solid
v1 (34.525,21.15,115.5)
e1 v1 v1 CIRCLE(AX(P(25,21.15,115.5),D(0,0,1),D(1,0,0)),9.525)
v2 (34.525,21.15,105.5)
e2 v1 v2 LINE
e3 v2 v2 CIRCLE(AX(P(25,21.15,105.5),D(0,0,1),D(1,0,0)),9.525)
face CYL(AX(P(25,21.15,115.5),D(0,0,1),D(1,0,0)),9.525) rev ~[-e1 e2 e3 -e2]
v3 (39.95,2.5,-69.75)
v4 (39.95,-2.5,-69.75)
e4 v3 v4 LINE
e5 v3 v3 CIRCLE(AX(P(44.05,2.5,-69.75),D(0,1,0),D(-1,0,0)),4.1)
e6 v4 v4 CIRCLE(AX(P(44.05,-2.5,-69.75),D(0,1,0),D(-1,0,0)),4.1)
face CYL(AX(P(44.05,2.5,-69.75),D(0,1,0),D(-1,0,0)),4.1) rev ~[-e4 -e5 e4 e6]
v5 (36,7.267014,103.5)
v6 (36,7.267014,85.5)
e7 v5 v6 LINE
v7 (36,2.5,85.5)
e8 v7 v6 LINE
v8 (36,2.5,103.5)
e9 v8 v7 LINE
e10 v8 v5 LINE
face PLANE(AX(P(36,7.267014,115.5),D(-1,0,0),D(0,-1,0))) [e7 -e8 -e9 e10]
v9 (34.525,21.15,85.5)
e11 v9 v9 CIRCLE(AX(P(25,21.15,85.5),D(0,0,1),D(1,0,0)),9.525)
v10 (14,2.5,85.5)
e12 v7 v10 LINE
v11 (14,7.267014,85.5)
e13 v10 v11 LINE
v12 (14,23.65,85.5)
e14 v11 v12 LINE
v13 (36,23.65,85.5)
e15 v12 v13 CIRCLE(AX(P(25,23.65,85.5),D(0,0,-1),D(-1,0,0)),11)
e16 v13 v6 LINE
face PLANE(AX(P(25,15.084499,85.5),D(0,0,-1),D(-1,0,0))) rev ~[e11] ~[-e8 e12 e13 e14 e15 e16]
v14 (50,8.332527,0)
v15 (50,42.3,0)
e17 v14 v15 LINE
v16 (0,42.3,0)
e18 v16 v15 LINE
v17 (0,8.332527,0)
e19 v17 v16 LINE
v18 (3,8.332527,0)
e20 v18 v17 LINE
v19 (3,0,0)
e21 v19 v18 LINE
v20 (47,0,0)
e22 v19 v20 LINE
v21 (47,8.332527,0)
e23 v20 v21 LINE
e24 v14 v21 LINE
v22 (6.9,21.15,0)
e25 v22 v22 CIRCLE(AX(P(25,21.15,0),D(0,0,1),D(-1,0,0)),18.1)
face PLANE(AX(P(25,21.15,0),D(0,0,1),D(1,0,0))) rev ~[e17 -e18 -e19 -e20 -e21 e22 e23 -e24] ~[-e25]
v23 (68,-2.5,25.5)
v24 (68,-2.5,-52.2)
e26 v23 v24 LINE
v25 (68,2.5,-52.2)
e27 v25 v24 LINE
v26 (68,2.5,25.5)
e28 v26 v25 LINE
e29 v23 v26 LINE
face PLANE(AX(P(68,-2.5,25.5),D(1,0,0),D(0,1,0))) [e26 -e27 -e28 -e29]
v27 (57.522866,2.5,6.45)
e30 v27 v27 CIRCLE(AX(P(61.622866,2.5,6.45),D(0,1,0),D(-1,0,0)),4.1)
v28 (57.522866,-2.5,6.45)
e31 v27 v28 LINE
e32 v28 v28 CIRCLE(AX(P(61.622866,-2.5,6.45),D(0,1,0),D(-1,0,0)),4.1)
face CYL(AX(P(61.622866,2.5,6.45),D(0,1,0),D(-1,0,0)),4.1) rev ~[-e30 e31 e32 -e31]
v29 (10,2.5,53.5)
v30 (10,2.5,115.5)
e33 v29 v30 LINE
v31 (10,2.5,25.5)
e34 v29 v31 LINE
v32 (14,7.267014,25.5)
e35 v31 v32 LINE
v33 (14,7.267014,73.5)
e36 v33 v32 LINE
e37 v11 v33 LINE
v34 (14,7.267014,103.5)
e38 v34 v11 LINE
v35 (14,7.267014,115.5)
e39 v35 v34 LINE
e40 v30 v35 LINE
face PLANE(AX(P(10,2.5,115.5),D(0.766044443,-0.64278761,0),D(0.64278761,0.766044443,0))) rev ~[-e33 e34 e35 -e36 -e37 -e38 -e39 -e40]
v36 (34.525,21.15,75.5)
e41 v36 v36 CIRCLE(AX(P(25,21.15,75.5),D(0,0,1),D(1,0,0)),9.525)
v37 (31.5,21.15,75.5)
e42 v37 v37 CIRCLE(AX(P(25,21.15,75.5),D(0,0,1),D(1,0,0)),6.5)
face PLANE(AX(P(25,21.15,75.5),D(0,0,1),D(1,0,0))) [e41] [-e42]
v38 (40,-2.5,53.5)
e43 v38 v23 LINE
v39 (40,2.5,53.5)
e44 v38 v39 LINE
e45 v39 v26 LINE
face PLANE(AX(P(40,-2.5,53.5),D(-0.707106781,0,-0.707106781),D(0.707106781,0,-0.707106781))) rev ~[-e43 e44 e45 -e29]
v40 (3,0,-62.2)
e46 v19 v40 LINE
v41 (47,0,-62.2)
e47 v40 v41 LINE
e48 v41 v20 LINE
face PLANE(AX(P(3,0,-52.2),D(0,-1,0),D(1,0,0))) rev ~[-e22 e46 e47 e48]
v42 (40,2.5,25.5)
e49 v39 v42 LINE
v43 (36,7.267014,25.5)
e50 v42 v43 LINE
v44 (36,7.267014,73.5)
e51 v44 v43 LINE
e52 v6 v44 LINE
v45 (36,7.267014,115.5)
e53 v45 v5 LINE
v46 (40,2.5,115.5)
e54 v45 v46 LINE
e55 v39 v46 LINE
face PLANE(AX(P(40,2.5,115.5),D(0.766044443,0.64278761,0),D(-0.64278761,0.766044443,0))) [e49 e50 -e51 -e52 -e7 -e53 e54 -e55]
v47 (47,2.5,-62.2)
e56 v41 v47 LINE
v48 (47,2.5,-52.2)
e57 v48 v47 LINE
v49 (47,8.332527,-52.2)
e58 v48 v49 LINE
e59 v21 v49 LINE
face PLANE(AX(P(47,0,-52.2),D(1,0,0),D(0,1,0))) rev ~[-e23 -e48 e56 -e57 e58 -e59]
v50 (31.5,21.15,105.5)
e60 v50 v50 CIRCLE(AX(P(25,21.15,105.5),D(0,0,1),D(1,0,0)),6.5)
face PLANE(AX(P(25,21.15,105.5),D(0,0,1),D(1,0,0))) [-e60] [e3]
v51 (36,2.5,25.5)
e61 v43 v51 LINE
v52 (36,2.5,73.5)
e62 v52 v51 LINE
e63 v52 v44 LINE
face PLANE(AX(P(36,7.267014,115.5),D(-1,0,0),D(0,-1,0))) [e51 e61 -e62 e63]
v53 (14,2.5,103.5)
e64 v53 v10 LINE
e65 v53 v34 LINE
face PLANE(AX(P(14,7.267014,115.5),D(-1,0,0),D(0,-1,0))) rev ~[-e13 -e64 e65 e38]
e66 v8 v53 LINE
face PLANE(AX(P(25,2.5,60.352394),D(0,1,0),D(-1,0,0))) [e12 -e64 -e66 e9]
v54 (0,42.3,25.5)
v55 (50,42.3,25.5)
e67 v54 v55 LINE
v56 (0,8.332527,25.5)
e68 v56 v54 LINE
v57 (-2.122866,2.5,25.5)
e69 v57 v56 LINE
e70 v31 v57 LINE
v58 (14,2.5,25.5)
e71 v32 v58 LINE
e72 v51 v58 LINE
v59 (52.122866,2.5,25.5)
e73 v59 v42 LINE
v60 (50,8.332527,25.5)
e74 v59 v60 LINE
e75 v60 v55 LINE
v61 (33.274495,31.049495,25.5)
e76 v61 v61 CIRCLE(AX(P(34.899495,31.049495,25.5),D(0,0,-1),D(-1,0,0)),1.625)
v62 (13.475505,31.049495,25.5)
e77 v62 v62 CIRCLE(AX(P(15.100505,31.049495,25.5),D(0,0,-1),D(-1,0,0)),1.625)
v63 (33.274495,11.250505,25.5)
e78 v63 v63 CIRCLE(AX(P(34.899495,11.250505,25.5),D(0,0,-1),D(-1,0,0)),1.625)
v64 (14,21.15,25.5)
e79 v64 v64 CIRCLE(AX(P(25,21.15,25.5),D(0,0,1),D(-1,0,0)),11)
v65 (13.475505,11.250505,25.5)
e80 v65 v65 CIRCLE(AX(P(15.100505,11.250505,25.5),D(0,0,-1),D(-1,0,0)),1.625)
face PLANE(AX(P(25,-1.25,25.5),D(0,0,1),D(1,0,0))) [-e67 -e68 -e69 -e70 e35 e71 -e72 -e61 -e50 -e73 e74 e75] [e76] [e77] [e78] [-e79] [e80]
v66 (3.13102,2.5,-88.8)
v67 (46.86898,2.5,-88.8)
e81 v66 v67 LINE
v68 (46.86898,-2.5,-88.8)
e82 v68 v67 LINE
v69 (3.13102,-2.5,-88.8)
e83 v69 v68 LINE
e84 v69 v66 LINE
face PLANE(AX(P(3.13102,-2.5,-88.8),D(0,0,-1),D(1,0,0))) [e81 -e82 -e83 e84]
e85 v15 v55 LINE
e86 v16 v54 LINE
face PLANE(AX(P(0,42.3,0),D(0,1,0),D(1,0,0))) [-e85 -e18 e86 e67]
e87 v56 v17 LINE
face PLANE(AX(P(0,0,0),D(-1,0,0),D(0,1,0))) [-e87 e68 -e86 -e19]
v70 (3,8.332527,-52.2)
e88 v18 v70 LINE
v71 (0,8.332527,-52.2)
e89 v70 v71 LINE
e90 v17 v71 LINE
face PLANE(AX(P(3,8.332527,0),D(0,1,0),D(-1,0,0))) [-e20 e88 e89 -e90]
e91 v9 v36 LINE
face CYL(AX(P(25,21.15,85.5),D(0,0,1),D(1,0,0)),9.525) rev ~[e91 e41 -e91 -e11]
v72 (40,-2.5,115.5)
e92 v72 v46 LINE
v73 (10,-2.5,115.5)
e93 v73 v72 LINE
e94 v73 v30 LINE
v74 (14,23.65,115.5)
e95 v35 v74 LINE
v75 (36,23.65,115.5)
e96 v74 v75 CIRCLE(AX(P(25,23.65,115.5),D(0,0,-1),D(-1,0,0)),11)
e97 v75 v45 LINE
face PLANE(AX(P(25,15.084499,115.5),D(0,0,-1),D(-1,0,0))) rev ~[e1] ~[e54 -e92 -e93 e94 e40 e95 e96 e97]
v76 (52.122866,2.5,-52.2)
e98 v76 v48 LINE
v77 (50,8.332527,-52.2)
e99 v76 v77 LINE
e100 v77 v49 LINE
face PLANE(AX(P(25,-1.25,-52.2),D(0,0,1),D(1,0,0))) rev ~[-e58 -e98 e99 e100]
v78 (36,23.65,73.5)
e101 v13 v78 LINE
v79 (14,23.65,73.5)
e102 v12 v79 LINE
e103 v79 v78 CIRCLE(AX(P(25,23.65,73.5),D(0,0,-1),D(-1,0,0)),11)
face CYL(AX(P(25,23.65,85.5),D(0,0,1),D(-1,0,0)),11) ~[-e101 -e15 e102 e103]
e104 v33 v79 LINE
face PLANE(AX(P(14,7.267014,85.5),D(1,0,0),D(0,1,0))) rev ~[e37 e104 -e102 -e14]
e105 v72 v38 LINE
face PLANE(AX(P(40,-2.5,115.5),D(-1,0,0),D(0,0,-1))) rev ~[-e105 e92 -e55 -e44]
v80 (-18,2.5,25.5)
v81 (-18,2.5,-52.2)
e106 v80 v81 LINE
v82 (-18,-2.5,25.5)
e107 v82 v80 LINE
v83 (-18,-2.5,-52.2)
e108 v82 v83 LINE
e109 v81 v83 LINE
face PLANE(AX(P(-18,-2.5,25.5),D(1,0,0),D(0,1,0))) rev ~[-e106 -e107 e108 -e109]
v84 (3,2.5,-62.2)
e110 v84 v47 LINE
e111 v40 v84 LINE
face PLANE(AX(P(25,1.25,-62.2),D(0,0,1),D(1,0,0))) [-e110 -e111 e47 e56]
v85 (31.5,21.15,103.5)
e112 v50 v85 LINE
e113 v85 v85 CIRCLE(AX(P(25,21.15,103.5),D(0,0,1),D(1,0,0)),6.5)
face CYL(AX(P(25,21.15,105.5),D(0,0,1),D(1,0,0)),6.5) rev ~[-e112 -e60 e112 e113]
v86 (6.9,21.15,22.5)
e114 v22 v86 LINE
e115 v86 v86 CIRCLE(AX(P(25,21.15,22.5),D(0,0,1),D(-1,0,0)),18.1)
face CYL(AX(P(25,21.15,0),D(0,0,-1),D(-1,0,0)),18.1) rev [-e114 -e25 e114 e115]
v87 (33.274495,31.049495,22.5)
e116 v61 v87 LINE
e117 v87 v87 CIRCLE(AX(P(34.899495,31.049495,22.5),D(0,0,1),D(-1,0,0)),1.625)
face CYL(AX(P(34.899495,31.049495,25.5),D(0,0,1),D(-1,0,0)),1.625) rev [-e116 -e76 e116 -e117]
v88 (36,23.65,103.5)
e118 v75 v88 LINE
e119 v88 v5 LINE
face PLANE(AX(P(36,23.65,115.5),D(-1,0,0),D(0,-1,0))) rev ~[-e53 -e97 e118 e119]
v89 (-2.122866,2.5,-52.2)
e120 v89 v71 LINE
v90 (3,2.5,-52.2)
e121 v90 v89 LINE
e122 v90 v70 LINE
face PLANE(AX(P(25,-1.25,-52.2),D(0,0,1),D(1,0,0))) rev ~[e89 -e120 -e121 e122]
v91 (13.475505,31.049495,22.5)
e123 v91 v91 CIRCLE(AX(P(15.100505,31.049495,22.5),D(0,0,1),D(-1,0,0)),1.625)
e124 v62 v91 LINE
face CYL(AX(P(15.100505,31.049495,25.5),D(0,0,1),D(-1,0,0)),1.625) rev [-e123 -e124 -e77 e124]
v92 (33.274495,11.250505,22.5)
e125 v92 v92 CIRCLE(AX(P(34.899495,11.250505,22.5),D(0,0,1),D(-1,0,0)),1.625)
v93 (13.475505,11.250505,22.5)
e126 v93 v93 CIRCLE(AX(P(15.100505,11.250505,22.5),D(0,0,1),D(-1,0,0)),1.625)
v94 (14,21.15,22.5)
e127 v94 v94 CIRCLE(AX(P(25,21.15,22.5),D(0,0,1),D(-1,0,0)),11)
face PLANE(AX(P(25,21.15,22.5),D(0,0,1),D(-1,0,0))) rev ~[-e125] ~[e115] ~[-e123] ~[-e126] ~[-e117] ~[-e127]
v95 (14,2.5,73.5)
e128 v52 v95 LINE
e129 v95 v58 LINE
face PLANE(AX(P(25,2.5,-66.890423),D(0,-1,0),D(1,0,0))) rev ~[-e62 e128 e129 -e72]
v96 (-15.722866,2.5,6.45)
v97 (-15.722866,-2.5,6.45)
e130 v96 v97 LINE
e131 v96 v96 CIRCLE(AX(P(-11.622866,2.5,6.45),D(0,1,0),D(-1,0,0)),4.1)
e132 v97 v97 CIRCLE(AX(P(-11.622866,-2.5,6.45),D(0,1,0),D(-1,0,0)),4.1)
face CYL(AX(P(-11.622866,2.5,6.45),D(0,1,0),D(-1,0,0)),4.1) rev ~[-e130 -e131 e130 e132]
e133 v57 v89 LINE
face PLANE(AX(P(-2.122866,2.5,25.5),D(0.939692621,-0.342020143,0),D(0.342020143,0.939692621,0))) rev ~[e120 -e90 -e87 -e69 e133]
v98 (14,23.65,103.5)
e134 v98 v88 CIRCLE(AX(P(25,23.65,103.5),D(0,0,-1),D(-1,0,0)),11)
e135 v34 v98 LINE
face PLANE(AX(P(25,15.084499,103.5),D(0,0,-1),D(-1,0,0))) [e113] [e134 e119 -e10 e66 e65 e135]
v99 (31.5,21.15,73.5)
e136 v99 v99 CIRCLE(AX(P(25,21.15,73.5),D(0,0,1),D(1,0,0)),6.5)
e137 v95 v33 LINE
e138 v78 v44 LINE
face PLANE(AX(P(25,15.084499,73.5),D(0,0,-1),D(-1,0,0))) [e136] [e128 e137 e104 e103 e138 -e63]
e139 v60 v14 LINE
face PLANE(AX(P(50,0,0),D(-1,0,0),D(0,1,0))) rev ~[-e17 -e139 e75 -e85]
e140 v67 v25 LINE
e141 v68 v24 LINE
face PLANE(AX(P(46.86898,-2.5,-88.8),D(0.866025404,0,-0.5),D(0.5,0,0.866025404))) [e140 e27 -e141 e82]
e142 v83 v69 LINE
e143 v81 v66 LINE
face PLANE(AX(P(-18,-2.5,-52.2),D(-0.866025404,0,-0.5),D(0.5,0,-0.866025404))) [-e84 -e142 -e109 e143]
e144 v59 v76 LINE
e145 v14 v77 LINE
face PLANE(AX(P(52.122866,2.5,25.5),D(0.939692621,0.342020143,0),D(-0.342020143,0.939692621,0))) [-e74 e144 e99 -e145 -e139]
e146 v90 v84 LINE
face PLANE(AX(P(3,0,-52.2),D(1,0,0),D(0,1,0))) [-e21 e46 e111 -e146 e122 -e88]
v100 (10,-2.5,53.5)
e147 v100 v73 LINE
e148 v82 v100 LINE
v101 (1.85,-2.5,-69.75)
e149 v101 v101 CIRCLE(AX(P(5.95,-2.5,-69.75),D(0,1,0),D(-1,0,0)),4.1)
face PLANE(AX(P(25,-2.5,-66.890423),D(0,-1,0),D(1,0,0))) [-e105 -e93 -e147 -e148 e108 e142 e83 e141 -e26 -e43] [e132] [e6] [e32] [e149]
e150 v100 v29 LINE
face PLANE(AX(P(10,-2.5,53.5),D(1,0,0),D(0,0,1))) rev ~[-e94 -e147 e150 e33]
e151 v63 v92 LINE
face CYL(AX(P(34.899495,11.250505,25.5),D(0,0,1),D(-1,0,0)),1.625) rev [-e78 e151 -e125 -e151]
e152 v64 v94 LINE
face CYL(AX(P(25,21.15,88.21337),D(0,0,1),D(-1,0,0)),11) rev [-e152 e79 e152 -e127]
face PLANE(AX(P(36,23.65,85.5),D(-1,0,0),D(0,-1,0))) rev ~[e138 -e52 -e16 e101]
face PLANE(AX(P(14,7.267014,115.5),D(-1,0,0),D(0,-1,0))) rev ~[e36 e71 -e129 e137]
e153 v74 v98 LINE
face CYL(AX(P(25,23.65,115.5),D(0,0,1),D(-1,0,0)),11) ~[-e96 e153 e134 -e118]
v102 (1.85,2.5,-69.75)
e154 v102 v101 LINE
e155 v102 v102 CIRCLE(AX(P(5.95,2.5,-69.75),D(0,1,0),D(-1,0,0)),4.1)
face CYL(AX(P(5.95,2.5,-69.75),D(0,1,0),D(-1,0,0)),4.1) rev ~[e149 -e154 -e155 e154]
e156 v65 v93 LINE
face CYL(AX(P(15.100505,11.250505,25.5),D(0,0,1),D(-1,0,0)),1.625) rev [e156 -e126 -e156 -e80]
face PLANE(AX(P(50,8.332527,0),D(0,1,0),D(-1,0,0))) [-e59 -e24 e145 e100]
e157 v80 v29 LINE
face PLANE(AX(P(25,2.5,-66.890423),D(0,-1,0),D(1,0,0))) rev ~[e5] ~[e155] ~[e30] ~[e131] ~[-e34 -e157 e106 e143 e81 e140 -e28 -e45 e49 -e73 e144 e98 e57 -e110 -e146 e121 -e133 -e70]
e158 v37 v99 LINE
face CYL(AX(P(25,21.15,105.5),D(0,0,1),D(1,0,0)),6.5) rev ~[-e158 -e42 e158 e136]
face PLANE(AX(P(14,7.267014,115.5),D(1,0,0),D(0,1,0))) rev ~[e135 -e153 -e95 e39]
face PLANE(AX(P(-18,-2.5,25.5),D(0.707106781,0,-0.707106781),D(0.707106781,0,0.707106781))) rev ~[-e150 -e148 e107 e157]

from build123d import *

# Parameters (mm, degrees)
ESQUISSE1_W                  = 50
ESQUISSE1_H                  = 42.3
BOSS_EXTRU_1_DEPTH           = 25.5
ESQUISSE4_R                  = 18.1
ENL_V_MAT_EXTRU_3_DEPTH      = 22.5
ENL_V_MAT_EXTRU_4_DEPTH      = 62.713369702
ENL_V_MAT_EXTRU_4_DEPTH_BACK = 62.713369702
ESQUISSE5_R                  = 11
ESQUISSE6_R                  = 1.625
ENL_V_MAT_EXTRU_5_DEPTH      = 10
BOSS_EXTRU_2_DEPTH           = 77.7
ESQUISSE16_W                 = 3
ESQUISSE16_H                 = 8.332527472
BOSS_EXTRU_4_DEPTH           = 52.2
ESQUISSE17_W                 = 86
ESQUISSE17_H                 = 2.5
BOSS_EXTRU_5_DEPTH           = 77.7
BOSS_EXTRU_7_DEPTH           = 5
BOSS_EXTRU_8_DEPTH           = 12
ESQUISSE22_R                 = 9.525
ENL_V_MAT_EXTRU_6_DEPTH      = 10
R_P_TITION_LIN_AIRE2_COUNT   = 2
R_P_TITION_LIN_AIRE2_PITCH   = 30
ESQUISSE23_R                 = 6.5
ENL_V_MAT_EXTRU_7_DEPTH      = 177.868821447
BOSS_EXTRU_9_DEPTH           = 5
ESQUISSE27_W                 = 44
ESQUISSE27_H                 = 2.5
ENL_V_MAT_EXTRU_9_DEPTH      = 10
ESQUISSE24_R                 = 4.1
ENL_V_MAT_EXTRU_8_DEPTH      = 140.81519946
BOSS_EXTRU_10_DEPTH          = 90


with BuildPart() as part:
    # Esquisse1 → Boss.-Extru.1 (new body)
    with BuildSketch(Plane.XY):
        with Locations((25, 21.15)):
            Rectangle(ESQUISSE1_W, ESQUISSE1_H)
    extrude(amount=BOSS_EXTRU_1_DEPTH)

    # Esquisse4 → Enlèv. mat.-Extru.3 (cut)
    with BuildSketch(Plane.XY):
        with Locations(Location((25, 21.15, 0), (0, 0, 180))):
            Circle(ESQUISSE4_R)
    extrude(amount=ENL_V_MAT_EXTRU_3_DEPTH, mode=Mode.SUBTRACT)

    # Esquisse5 → Enlèv. mat.-Extru.4 (cut, two sides: drawn at the far end of the back side and taken through both)
    with BuildSketch(Plane(origin=(37, 0, 25.5), x_dir=(-1, 0, 0), z_dir=(0, 0, -1)).offset(-ENL_V_MAT_EXTRU_4_DEPTH_BACK)):
        with Locations((12, 21.15)):
            Circle(ESQUISSE5_R)
    extrude(amount=ENL_V_MAT_EXTRU_4_DEPTH + ENL_V_MAT_EXTRU_4_DEPTH_BACK, mode=Mode.SUBTRACT)

    # Esquisse6 → Enlèv. mat.-Extru.5 (cut)
    with BuildSketch(Plane(origin=(0, 0, 25.5), x_dir=(-1, 0, 0), z_dir=(0, 0, -1))):
        with Locations((-34.899494937, 31.049494937)):
            Circle(ESQUISSE6_R)
        with Locations((-15.100505063, 31.049494937)):
            Circle(ESQUISSE6_R)
        with Locations((-15.100505063, 11.250505063)):
            Circle(ESQUISSE6_R)
        with Locations((-34.899494937, 11.250505063)):
            Circle(ESQUISSE6_R)
    extrude(amount=ENL_V_MAT_EXTRU_5_DEPTH, mode=Mode.SUBTRACT)

    # Esquisse7 → Boss.-Extru.2 (add)
    with BuildSketch(Plane.XY.offset(25.5)):
        Polygon((50, 0), (68, 0), (68, 2.5), (52.12286639, 2.5), (50, 8.332527472), align=None)
        Polygon((-18, 0), (-18, 2.5), (-2.12286639, 2.5), (0, 8.332527472), (0, 0), align=None)
    extrude(amount=-BOSS_EXTRU_2_DEPTH)

    # Esquisse16 → Boss.-Extru.4 (add)
    with BuildSketch(Plane(origin=(0, 0, 0), x_dir=(-1, 0, 0), z_dir=(0, 0, -1))):
        with Locations((-1.5, 4.166263736)):
            Rectangle(ESQUISSE16_W, ESQUISSE16_H)
        with Locations((-48.5, 4.166263736)):
            Rectangle(ESQUISSE16_W, ESQUISSE16_H)
    extrude(amount=BOSS_EXTRU_4_DEPTH)

    # Esquisse17 → Boss.-Extru.5 (add)
    with BuildSketch(Plane.XY.offset(25.5)):
        with Locations((25, -1.25)):
            Rectangle(ESQUISSE17_W, ESQUISSE17_H)
    extrude(amount=-BOSS_EXTRU_5_DEPTH)

    # Esquisse20 → Boss.-Extru.7 (add)
    with BuildSketch(Plane.XZ.offset(2.5)):
        Polygon((-18, 25.5), (10, 53.5), (10, 115.5), (40, 115.5), (40, 53.5), (68, 25.5), align=None)
    extrude(amount=-BOSS_EXTRU_7_DEPTH)

    # Esquisse21 → Boss.-Extru.8 (add)
    with BuildSketch(Plane.XY.offset(115.5)):
        with BuildLine():
            Line((10, 2.5), (14, 7.26701437))
            Line((14, 7.26701437), (14, 23.65))
            ThreePointArc((14, 23.65), (25, 34.65), (36, 23.65))
            Line((36, 23.65), (36, 7.26701437))
            Line((36, 7.26701437), (40, 2.5))
            Line((40, 2.5), (10, 2.5))
        make_face()
    boss_extru_8 = extrude(amount=-BOSS_EXTRU_8_DEPTH)

    # Esquisse22 → Enlèv. mat.-Extru.6 (cut)
    with BuildSketch(Plane.XY.offset(115.5)):
        with Locations((25, 21.15)):
            Circle(ESQUISSE22_R)
    enl_v_mat_extru_6 = extrude(amount=-ENL_V_MAT_EXTRU_6_DEPTH, mode=Mode.SUBTRACT)

    # Répétition linéaire2: Boss.-Extru.8, Enlèv. mat.-Extru.6 ×2
    with Locations(*[(0, 0, -i * R_P_TITION_LIN_AIRE2_PITCH) for i in range(1, R_P_TITION_LIN_AIRE2_COUNT)]):
        add(boss_extru_8)
        add(enl_v_mat_extru_6, mode=Mode.SUBTRACT)

    # Esquisse23 → Enlèv. mat.-Extru.7 (cut, through all)
    with BuildSketch(Plane.XY.offset(105.5)):
        with Locations((25, 21.15)):
            Circle(ESQUISSE23_R)
    extrude(amount=-ENL_V_MAT_EXTRU_7_DEPTH, mode=Mode.SUBTRACT)

    # Esquisse26 → Boss.-Extru.9 (add)
    with BuildSketch(Plane.XZ.offset(2.5)):
        Polygon((-18, -52.2), (3.131019852, -88.8), (46.868980148, -88.8), (68, -52.2), align=None)
    extrude(amount=-BOSS_EXTRU_9_DEPTH)

    # Esquisse27 → Enlèv. mat.-Extru.9 (cut)
    with BuildSketch(Plane.XY.offset(-52.2)):
        with Locations((25, 1.25)):
            Rectangle(ESQUISSE27_W, ESQUISSE27_H)
    extrude(amount=-ENL_V_MAT_EXTRU_9_DEPTH, mode=Mode.SUBTRACT)

    # Esquisse24 → Enlèv. mat.-Extru.8 (cut, through all)
    with BuildSketch(Plane(origin=(0, 2.5, 0), x_dir=(1, 0, 0), z_dir=(0, 1, 0))):
        with Locations(Location((61.62286639, -6.45, 0), (0, 0, 180))):
            Circle(ESQUISSE24_R)
        with Locations(Location((-11.62286639, -6.45, 0), (0, 0, 180))):
            Circle(ESQUISSE24_R)
        with Locations(Location((5.95, 69.75, 0), (0, 0, 180))):
            Circle(ESQUISSE24_R)
        with Locations(Location((44.05, 69.75, 0), (0, 0, 180))):
            Circle(ESQUISSE24_R)
    extrude(amount=-ENL_V_MAT_EXTRU_8_DEPTH, mode=Mode.SUBTRACT)

    # Esquisse28 → Boss.-Extru.10 (add)
    with BuildSketch(Plane.XY.offset(115.5)):
        Polygon((14, 7.26701437), (14, 2.5), (10, 2.5), align=None)
        Polygon((36, 7.26701437), (36, 2.5), (40, 2.5), align=None)
    extrude(amount=-BOSS_EXTRU_10_DEPTH)


solid = part.part
